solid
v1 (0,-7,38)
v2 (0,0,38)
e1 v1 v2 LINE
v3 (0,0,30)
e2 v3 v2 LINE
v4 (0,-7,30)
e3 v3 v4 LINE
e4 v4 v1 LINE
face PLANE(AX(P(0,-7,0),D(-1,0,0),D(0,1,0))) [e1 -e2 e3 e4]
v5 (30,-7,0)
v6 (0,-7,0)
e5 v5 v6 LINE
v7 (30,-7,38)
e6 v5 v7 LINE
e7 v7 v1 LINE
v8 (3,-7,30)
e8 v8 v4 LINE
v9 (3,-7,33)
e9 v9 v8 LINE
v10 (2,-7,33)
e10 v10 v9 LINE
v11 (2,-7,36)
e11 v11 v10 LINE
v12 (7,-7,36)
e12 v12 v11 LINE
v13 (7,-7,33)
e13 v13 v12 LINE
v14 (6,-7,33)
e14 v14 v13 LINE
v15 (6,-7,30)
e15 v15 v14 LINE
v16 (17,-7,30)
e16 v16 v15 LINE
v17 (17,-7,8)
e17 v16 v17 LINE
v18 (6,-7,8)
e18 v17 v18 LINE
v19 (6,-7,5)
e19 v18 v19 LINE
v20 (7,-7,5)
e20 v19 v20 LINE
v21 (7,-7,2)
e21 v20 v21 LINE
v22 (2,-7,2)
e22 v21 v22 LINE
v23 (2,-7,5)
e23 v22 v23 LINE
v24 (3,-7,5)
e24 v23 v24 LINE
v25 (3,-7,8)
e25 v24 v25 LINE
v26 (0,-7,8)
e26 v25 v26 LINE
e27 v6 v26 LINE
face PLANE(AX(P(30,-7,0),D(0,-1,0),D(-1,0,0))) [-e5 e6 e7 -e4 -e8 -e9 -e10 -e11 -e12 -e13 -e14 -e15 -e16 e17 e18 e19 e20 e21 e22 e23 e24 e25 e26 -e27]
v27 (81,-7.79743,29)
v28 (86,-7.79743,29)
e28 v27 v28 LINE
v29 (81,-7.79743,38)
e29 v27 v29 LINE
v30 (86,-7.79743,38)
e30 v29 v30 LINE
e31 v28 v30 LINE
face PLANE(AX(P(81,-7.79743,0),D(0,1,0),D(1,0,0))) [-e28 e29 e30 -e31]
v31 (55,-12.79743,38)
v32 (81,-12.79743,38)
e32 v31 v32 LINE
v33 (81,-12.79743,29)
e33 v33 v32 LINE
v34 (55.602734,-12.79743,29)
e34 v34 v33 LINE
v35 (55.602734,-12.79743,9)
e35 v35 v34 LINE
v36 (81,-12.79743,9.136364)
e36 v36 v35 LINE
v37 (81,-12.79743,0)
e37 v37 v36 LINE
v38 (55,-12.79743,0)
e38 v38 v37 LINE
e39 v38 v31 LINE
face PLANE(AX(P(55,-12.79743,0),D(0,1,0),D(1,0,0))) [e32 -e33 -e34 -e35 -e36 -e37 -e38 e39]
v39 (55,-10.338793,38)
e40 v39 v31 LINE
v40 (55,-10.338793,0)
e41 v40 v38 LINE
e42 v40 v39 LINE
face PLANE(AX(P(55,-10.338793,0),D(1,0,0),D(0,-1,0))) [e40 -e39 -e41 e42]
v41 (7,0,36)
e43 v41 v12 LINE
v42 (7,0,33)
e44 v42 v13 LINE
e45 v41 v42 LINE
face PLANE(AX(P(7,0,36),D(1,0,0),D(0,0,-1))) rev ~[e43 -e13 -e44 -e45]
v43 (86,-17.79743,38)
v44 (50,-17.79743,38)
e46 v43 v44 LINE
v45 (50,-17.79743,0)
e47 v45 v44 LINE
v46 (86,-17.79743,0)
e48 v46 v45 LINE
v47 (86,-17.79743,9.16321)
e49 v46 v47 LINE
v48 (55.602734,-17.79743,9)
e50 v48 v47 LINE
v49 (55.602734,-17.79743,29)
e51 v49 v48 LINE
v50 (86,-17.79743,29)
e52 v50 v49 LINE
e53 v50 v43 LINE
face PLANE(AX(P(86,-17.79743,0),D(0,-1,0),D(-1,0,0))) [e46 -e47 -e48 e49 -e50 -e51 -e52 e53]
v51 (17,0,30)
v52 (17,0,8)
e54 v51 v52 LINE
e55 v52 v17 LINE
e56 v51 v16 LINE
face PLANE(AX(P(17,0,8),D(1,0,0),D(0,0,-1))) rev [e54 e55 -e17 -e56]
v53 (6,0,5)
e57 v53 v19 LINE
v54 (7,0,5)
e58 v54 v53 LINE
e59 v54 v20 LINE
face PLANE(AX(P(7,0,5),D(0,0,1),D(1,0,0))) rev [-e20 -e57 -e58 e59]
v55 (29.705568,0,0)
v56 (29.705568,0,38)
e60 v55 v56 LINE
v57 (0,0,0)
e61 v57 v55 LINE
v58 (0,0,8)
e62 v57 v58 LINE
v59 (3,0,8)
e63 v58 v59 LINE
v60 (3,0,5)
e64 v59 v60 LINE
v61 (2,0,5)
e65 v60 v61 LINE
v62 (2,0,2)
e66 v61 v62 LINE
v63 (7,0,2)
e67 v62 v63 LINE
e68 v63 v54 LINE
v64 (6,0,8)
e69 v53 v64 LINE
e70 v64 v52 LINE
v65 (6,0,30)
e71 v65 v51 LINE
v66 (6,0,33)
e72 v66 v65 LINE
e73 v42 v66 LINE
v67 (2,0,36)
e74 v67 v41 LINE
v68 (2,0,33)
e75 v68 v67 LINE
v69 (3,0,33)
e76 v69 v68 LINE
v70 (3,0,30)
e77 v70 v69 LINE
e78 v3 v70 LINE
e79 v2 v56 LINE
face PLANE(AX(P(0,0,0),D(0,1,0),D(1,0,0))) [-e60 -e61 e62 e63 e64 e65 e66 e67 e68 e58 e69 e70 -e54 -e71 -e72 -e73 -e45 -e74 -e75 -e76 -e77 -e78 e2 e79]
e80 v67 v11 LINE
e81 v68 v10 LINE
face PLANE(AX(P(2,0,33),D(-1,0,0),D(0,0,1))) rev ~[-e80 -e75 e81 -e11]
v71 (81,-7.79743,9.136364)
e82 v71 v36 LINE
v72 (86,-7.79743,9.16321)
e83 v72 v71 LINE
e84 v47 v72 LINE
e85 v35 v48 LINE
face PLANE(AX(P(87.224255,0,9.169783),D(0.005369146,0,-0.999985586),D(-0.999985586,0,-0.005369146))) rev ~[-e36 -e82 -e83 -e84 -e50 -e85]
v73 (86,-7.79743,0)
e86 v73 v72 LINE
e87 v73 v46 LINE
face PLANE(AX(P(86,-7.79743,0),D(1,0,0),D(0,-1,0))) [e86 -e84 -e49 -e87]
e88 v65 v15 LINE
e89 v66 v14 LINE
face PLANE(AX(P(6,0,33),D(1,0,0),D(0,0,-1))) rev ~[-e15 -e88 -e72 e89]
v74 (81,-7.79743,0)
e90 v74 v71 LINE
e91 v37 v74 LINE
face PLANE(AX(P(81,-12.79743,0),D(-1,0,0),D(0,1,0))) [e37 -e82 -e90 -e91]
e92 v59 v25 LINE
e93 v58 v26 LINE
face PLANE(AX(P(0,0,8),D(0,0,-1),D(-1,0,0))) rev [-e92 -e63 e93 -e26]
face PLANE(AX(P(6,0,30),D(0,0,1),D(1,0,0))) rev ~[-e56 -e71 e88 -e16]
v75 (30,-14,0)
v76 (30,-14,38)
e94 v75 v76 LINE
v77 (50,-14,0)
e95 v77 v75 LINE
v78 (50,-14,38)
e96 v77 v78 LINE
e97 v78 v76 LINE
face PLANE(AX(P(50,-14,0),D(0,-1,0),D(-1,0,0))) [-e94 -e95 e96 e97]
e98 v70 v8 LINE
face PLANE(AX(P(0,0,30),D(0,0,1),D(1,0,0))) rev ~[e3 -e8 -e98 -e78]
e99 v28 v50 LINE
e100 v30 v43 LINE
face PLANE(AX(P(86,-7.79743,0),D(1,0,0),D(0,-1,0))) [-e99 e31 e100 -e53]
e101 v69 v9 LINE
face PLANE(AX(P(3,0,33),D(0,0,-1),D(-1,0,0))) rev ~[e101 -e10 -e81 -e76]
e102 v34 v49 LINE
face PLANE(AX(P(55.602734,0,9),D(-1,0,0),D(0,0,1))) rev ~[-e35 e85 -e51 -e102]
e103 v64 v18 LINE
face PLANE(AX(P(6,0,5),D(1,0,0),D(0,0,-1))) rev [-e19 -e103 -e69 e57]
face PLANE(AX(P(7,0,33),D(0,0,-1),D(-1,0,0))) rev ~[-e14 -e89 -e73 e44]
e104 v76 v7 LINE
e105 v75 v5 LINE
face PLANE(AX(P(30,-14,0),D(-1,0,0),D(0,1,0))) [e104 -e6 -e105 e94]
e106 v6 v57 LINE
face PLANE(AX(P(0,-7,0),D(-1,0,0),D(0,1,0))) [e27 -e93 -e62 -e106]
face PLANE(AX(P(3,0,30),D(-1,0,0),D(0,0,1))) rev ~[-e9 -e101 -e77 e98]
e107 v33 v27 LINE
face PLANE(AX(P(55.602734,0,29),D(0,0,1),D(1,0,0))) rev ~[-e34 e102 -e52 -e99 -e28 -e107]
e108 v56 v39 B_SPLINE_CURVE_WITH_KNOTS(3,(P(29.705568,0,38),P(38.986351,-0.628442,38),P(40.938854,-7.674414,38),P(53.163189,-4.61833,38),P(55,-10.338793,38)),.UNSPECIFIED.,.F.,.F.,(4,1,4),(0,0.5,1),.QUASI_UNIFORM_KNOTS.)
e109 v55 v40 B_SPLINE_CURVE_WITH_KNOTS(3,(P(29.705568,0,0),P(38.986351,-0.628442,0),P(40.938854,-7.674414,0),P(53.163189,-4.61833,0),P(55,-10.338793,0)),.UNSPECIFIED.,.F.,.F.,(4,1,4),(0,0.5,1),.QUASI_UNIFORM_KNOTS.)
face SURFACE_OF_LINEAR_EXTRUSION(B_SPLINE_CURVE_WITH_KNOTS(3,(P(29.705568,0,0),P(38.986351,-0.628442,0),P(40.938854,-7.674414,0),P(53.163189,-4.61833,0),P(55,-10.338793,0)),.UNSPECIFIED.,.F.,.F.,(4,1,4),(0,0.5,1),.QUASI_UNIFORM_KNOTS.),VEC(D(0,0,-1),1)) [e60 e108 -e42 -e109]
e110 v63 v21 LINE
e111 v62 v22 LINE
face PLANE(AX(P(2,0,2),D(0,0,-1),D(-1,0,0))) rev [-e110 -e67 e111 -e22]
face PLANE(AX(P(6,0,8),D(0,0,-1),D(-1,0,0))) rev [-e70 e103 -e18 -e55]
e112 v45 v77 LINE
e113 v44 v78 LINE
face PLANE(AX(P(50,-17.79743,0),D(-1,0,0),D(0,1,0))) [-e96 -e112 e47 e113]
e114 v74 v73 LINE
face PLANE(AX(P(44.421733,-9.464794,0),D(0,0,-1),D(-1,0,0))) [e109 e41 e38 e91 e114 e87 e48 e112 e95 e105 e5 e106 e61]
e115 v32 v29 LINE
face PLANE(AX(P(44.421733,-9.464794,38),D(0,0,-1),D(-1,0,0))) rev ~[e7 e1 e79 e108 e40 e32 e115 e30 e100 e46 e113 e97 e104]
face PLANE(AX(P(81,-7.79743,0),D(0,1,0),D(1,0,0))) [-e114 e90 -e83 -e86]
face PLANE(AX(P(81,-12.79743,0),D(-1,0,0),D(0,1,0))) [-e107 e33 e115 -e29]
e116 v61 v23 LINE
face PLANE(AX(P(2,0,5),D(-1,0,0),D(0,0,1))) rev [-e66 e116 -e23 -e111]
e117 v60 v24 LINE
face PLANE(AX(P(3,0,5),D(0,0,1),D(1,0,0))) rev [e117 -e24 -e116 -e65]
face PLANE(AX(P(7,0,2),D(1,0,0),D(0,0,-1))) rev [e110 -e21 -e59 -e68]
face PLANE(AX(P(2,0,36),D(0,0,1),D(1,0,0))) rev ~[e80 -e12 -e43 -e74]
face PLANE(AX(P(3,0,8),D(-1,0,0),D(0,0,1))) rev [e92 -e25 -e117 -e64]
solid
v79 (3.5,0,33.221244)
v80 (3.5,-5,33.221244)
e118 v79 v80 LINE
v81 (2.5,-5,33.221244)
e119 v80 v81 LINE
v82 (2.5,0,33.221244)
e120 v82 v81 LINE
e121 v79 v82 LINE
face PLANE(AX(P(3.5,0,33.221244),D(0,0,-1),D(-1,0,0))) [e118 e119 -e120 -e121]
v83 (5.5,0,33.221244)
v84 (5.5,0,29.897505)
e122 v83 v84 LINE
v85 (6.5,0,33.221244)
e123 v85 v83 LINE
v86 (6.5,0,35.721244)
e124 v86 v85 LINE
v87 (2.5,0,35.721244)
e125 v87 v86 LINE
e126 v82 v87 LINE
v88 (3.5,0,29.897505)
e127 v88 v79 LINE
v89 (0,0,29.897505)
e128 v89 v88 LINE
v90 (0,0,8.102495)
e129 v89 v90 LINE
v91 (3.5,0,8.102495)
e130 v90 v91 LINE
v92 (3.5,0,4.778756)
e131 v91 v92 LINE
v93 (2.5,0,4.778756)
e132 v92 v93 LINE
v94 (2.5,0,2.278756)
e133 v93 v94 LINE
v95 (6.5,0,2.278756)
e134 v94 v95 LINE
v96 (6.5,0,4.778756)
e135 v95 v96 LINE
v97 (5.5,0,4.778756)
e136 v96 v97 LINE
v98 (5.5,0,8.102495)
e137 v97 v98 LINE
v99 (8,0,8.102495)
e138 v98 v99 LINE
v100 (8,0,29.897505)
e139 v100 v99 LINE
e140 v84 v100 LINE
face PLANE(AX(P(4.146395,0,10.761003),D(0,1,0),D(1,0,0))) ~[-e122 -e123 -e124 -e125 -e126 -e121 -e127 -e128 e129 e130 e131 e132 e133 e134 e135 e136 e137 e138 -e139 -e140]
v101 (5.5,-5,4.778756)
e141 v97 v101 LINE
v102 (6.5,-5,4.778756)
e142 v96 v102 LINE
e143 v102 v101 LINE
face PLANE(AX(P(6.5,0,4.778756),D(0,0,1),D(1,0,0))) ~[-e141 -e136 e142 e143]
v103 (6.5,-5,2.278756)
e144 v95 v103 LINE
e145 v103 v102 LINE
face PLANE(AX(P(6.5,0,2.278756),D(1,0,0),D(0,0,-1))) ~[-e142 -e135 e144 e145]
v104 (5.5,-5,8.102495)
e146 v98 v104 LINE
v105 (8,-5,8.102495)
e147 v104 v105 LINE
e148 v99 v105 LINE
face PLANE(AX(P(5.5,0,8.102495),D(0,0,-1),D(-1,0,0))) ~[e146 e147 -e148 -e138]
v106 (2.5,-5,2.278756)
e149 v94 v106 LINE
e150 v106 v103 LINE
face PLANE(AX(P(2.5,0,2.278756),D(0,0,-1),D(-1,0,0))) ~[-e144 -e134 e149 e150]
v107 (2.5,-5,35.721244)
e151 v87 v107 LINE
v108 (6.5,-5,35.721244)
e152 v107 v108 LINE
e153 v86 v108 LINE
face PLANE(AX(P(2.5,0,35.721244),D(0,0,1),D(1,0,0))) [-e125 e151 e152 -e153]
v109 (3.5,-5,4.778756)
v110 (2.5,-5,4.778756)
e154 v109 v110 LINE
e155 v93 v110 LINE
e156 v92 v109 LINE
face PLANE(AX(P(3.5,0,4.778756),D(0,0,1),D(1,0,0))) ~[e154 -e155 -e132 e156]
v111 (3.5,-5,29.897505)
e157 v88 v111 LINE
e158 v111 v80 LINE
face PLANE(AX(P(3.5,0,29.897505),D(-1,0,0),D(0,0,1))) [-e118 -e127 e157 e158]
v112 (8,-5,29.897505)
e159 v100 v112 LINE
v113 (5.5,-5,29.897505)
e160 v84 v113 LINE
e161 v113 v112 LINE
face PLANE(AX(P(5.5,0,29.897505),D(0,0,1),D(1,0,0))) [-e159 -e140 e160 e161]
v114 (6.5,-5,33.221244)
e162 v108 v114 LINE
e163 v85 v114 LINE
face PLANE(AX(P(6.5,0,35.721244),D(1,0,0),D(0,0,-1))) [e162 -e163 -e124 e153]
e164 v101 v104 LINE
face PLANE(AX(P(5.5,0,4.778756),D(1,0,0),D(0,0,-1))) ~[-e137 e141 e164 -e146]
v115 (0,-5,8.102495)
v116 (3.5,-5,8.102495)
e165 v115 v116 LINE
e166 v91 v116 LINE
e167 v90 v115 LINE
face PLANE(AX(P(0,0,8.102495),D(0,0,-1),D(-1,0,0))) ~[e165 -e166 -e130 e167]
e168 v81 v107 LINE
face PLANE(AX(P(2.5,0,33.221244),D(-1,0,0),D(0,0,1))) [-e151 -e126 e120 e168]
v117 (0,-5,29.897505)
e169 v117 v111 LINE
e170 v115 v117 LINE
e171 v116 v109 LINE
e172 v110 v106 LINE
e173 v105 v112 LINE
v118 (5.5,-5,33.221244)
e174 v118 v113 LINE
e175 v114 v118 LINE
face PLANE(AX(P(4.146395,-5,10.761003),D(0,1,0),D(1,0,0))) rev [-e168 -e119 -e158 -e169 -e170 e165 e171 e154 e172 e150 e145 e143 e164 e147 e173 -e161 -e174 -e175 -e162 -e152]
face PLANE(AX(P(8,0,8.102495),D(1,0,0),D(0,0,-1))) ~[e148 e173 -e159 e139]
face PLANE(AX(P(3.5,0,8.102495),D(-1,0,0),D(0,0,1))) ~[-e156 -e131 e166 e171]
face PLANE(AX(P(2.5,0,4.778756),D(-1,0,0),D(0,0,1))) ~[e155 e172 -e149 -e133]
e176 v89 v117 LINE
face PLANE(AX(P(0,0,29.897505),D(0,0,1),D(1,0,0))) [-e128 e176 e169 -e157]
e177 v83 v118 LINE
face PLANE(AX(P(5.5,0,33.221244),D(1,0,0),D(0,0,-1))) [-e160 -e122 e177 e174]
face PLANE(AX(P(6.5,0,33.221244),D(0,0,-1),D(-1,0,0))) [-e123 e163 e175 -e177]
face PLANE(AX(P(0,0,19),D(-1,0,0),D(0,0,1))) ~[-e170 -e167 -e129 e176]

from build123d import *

# Parameters (mm, degrees)
PAD_DEPTH            = 38
POCKET_DEPTH         = 209.180233
POCKET001_DEPTH      = 0.001
POCKET001_DEPTH_BACK = -17.79843
PAD001_DEPTH         = 5


with BuildPart() as body:
    # Sketch → Pad (new body)
    with BuildSketch(Plane.XY):
        with BuildLine():
            Line((30, -7), (0, -7))
            Line((0, -7), (0, 0))
            Line((0, 0), (29.705568, 0))
            add(Edge.make_bspline(
                [(29.705568, 0), (38.986351, -0.628442), (40.938854, -7.674414), (53.163189, -4.61833), (55, -10.338793)],
                knots=[0, 0, 0, 0, 0.5, 1, 1, 1, 1], degree=3))
            Line((55, -10.338793), (55, -12.79743))
            Line((55, -12.79743), (81, -12.79743))
            Line((81, -12.79743), (81, -7.79743))
            Line((81, -7.79743), (86, -7.79743))
            Line((86, -7.79743), (86, -17.79743))
            Line((86, -17.79743), (50, -17.79743))
            Line((50, -17.79743), (50, -14))
            Line((50, -14), (30, -14))
            Line((30, -14), (30, -7))
        make_face()
    extrude(amount=PAD_DEPTH)

    # Sketch001 (on DatumPlane) → Pocket (cut, through all)
    with BuildSketch(Plane(origin=(0, 0, 30), x_dir=(0, 0, 1), z_dir=(0, 1, 0))):
        Polygon((0, 17), (-11, 17), (-11, 0), (0, 0), (0, 3), (3, 3), (3, 2), (6, 2), (6, 7), (3, 7), (3, 6), (0, 6), (0, 8), align=None)
    pocket = extrude(amount=-POCKET_DEPTH, mode=Mode.SUBTRACT)

    # Mirrored: Pocket across Sketch001 Axis3
    add(pocket.mirror(Plane(origin=(41.528492, 0, 19), x_dir=(0, 1, 0), z_dir=(0, 0, 1))), mode=Mode.SUBTRACT)

    # Sketch003 → Pocket001 (cut, two sides)
    with BuildSketch(Plane(origin=(-10, 0, 0), x_dir=(1, 0, 0), z_dir=(0, -1, 0))) as pocket001_sk:
        Polygon((65.602734, 29), (97.224255, 29), (97.224255, 9.169783), (65.602734, 9), align=None)
    extrude(amount=-POCKET001_DEPTH, mode=Mode.SUBTRACT)
    extrude(pocket001_sk.sketch, amount=-POCKET001_DEPTH_BACK, mode=Mode.SUBTRACT)


with BuildPart() as fermeture:
    # Sketch004 → Pad001 (new body)
    with BuildSketch(Plane.XZ):
        Polygon((0, 29.897505), (3.5, 29.897505), (3.5, 33.221244), (2.5, 33.221244), (2.5, 35.721244), (6.5, 35.721244), (6.5, 33.221244), (5.5, 33.221244), (5.5, 29.897505), (8, 29.897505), (8, 19), (0, 19), align=None)
    pad001 = extrude(amount=PAD001_DEPTH)

    # Mirrored001: Pad001 across Sketch004 Axis2
    add(pad001.mirror(Plane(origin=(-14.053349, 0, 19), x_dir=(0, -1, 0), z_dir=(0, 0, 1))))


solid = Compound([body.part, fermeture.part])
